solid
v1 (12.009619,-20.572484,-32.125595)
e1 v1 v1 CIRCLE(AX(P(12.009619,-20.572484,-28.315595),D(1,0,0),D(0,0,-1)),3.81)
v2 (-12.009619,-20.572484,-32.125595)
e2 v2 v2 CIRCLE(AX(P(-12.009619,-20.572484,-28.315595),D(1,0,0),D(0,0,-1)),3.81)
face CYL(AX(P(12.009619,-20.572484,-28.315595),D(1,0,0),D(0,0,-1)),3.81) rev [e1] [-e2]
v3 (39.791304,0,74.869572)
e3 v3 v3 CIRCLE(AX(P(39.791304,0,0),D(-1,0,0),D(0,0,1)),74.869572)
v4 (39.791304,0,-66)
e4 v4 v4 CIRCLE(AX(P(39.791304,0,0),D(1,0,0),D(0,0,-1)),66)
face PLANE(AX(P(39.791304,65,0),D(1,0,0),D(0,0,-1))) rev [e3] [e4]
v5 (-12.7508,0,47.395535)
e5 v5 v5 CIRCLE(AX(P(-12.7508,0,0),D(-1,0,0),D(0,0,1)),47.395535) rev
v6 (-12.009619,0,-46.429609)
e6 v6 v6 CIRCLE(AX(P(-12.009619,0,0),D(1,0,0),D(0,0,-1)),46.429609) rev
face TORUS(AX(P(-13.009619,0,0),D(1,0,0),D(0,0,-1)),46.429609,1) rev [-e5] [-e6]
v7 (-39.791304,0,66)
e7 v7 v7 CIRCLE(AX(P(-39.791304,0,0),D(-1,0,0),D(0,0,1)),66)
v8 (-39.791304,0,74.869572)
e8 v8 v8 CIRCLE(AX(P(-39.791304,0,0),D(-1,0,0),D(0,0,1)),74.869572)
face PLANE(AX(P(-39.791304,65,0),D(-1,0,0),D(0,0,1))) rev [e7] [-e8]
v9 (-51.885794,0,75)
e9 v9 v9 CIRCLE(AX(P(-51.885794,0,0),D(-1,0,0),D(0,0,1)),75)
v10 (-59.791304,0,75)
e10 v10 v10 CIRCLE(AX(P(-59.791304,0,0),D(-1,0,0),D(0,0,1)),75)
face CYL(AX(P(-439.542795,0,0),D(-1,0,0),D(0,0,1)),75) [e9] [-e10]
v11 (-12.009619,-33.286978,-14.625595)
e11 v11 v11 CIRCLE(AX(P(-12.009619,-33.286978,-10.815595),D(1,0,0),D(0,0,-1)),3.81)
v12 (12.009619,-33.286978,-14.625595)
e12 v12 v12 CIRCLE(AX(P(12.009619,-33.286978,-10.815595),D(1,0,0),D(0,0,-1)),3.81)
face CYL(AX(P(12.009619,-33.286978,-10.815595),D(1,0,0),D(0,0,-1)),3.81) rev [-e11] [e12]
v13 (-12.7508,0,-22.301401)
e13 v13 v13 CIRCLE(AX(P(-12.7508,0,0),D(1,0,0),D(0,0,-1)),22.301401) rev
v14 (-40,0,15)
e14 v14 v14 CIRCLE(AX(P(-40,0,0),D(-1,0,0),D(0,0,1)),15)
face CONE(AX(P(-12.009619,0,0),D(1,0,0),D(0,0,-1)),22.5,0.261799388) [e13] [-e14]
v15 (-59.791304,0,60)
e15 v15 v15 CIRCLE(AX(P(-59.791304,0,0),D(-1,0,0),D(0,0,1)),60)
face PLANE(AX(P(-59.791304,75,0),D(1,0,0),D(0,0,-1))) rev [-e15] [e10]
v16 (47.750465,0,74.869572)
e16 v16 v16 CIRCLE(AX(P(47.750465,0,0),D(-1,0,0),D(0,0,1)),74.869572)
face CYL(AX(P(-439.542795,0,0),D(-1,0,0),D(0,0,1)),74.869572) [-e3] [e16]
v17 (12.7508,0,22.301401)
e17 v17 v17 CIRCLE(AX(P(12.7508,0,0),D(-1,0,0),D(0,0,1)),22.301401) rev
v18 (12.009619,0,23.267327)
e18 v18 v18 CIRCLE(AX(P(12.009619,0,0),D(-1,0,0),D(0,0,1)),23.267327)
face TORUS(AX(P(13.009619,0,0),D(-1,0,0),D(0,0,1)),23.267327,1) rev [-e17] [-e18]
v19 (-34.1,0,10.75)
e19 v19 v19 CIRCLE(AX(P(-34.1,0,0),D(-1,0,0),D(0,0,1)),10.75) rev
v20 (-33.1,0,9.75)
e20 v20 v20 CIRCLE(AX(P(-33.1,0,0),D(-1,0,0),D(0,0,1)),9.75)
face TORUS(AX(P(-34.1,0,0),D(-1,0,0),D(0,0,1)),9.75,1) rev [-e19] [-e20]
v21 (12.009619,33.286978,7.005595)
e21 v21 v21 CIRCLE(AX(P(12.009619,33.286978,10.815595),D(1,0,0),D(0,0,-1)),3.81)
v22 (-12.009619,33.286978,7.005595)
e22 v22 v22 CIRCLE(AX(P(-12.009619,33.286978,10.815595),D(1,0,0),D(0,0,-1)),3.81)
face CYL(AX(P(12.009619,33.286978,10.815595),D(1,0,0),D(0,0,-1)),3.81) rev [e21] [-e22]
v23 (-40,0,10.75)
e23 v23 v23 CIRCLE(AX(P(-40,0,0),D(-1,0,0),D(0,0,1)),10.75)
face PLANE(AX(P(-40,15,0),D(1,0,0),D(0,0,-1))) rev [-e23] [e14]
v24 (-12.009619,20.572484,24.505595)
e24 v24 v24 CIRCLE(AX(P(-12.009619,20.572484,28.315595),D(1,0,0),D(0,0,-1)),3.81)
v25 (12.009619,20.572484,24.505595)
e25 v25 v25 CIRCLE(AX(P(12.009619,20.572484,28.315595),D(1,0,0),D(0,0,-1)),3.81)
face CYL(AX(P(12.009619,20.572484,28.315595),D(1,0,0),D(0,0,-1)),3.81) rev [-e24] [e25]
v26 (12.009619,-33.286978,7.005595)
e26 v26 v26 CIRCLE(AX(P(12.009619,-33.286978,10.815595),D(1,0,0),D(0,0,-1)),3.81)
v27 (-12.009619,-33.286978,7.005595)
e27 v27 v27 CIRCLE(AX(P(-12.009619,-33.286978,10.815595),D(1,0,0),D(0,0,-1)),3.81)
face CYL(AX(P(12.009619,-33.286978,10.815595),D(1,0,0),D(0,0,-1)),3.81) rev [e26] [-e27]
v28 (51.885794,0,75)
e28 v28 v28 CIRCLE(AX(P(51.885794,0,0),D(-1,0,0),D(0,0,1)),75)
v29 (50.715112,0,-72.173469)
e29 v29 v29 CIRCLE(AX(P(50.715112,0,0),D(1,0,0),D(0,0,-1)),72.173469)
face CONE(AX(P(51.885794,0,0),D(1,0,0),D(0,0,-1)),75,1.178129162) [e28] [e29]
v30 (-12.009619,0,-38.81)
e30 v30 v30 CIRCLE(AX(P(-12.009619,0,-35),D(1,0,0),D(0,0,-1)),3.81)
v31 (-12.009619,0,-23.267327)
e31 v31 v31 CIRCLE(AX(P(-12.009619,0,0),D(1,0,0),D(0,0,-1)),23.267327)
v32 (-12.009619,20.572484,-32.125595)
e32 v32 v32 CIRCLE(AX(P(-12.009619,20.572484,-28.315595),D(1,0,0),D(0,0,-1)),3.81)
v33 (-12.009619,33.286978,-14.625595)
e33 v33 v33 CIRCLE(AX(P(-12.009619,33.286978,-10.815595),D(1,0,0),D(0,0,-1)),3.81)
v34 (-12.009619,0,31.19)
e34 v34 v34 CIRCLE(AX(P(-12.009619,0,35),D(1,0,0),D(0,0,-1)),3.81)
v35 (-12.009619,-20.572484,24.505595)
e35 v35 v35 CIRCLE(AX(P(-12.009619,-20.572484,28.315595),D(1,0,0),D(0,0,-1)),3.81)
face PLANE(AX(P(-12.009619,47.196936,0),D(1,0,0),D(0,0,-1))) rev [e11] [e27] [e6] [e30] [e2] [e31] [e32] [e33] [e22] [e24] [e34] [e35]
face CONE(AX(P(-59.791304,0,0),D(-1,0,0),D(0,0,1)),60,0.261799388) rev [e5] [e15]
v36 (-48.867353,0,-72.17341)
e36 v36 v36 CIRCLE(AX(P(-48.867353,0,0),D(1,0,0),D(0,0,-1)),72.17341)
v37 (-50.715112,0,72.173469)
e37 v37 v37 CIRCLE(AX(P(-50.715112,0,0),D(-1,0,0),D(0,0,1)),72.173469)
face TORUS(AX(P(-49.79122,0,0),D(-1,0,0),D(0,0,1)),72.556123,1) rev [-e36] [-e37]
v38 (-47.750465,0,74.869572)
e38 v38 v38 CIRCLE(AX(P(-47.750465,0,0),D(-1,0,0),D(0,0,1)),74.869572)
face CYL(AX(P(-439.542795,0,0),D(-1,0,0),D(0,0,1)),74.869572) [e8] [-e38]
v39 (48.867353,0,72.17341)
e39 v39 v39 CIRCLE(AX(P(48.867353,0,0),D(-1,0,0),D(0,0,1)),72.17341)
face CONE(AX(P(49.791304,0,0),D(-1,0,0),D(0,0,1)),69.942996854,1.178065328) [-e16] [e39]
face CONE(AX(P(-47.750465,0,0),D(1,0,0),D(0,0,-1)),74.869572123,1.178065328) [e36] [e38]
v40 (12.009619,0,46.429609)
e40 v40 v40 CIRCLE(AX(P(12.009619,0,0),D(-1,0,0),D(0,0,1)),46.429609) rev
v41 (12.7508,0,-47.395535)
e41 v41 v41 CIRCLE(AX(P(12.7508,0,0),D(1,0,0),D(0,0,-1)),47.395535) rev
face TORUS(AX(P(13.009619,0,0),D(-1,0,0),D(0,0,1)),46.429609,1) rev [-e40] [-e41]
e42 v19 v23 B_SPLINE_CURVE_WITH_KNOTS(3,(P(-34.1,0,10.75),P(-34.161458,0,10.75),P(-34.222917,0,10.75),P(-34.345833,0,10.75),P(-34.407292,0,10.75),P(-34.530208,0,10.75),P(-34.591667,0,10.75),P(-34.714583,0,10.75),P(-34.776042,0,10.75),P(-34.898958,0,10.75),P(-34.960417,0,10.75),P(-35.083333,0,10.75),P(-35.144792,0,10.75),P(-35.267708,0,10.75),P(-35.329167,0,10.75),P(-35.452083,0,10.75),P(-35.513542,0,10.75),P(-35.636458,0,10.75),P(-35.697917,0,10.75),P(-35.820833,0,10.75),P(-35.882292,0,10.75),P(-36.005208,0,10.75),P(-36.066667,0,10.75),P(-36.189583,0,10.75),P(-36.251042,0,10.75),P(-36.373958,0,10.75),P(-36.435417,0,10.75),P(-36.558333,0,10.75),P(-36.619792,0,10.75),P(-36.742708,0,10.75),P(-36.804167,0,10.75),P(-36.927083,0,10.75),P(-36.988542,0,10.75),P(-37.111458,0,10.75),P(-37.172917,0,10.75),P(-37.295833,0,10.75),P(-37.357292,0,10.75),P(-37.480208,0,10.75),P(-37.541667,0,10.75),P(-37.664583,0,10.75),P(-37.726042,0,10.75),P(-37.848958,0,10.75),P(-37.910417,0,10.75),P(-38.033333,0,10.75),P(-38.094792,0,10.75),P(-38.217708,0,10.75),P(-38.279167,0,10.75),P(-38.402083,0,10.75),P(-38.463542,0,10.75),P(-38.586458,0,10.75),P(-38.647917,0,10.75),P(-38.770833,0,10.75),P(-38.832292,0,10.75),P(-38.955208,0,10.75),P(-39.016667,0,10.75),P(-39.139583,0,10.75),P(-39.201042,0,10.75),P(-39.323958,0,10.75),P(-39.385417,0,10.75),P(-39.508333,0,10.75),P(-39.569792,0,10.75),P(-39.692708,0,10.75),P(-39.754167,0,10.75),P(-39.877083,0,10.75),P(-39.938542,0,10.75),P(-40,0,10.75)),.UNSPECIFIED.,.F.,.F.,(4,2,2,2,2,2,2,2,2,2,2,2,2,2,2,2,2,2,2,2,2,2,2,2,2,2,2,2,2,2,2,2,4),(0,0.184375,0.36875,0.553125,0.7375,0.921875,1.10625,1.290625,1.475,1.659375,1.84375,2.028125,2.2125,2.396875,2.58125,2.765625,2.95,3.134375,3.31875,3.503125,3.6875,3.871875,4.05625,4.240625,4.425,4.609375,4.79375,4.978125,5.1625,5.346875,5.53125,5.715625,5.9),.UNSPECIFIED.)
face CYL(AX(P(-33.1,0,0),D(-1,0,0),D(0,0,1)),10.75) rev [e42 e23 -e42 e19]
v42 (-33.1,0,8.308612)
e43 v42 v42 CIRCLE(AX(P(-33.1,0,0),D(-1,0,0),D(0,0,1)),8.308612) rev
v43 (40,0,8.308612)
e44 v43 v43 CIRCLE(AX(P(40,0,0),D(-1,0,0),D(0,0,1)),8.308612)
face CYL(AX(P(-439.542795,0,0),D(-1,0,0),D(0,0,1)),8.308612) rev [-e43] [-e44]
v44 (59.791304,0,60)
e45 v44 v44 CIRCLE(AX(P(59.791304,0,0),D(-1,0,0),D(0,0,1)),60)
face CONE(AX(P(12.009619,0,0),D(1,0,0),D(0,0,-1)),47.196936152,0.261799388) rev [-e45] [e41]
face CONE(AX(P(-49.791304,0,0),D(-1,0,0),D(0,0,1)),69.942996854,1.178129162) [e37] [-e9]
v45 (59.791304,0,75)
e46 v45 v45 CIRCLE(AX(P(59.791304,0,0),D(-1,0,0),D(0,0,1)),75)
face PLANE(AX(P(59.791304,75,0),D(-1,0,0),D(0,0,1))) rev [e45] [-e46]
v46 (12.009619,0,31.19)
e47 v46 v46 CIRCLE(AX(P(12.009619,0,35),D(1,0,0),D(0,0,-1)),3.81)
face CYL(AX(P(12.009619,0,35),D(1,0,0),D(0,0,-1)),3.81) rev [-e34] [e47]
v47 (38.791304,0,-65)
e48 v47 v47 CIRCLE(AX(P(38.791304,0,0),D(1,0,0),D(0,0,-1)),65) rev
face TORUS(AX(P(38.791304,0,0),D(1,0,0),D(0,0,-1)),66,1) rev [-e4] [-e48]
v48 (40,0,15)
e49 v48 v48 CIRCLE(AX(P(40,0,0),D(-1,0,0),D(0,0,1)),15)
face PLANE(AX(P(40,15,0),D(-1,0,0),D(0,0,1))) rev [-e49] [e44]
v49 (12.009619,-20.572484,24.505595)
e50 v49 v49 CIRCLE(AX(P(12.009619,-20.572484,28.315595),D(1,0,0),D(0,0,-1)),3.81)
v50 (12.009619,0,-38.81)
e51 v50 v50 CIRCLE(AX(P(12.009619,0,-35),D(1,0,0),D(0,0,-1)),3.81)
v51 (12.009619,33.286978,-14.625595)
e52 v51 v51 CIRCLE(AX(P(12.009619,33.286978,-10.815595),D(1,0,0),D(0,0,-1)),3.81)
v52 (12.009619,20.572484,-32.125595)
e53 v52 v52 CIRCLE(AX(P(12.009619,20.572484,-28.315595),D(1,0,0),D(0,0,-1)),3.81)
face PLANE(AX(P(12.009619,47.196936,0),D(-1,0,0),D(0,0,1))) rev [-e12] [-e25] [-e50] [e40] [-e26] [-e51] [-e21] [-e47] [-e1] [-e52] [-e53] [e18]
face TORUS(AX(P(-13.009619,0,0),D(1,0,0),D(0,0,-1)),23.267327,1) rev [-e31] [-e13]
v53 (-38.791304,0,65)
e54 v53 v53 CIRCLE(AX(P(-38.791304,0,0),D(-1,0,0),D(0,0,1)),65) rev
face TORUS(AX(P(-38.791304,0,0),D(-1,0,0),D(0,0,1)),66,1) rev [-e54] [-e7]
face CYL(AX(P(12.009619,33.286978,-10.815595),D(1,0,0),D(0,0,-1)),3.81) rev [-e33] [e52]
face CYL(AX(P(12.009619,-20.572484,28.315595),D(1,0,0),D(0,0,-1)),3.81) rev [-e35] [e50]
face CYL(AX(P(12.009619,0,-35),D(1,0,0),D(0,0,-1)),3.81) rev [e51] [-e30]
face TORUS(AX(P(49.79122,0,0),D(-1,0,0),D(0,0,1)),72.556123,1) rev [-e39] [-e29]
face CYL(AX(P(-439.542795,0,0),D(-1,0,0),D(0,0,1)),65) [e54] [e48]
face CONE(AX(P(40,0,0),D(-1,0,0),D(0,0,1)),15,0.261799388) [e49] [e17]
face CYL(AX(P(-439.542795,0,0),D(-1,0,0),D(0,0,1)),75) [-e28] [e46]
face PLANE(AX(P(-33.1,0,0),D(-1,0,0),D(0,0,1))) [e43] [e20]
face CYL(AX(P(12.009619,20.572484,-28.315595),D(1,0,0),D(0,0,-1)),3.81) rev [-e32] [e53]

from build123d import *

# Parameters (mm, degrees)
F_3_8_0_3_DIAMETER_HOLE1_D = 7.62
CIRPATTERN1_COUNT          = 10
SKETCH4_R                  = 10.75
CUT_EXTRUDE1_DEPTH         = 6.9
FILLET1_R                  = 1
FILLET2_R                  = 1
FILLET3_R                  = 1


with BuildPart() as part:
    # Sketch1 → Revolve1 (revolve)
    with BuildSketch(Plane.XY, mode=Mode.PRIVATE) as revolve1_sk:
        Polygon((-12, 65), (12, 65), (39.791303716, 65), (39.791303716, 74.869572123), (47.7504652, 74.869572123), (49.791303716, 69.942996854), (51.885793908, 75), (59.791303716, 75), (59.791303716, 60), (12.009618943, 47.196936152), (12.009618943, 22.5), (40, 15), (40, 8.308612067), (-40, 8.308612067), (-40, 15), (-12.009618943, 22.5), (-12.009618943, 47.196936152), (-59.791303716, 60), (-59.791303716, 75), (-51.885793908, 75), (-49.791303716, 69.942996854), (-47.7504652, 74.869572123), (-39.791303716, 74.869572123), (-39.791303716, 65), align=None)
    revolve(revolve1_sk.sketch.rotate(Axis((-439.542794811, 0, 0), (1, 0, 0)), 90), axis=Axis((-439.542794811, 0, 0), (1, 0, 0)))

    # 3/8 (0.3) Diameter Hole1 (through all)
    with Locations(Plane(origin=(12.009618943, 0, 0), x_dir=(0, 0, -1), z_dir=(1, 0, 0))):
        with Locations((35, 0)):
            f_3_8_0_3_diameter_hole1 = Hole(F_3_8_0_3_DIAMETER_HOLE1_D / 2)

    # CirPattern1: 3/8 (0.3) Diameter Hole1 ×10 about axis
    cirpattern1_axis = Axis((0, 0, 0), (1, 0, 0))
    for i in range(1, CIRPATTERN1_COUNT):
        add(f_3_8_0_3_diameter_hole1.rotate(cirpattern1_axis, i * 360 / CIRPATTERN1_COUNT), mode=Mode.SUBTRACT)

    # Sketch4 → Cut-Extrude1 (cut)
    with BuildSketch(Plane.ZY.offset(40)):
        Circle(SKETCH4_R)
    extrude(amount=-CUT_EXTRUDE1_DEPTH, mode=Mode.SUBTRACT)

    # Fillet1
    fillet1_edges = [part.edges().sort_by_distance(p)[0] for p in [
        (-33.1, 0, -10.75),
        (-12.009618943, 0, -22.5),
        (-12.009618943, 0, -47.196936152),
    ]]
    fillet(fillet1_edges, radius=FILLET1_R)

    # Fillet2
    fillet2_edges = [part.edges().sort_by_distance(p)[0] for p in [
        (39.791303716, 0, -65),
        (49.791303716, 0, -69.942996854),
        (-49.791303716, 0, -69.942996854),
        (-39.791303716, 0, -65),
    ]]
    fillet(fillet2_edges, radius=FILLET2_R)

    # Fillet3
    fillet3_edges = [part.edges().sort_by_distance(p)[0] for p in [
        (12.009618943, 0, -47.196936152),
        (12.009618943, 0, -22.5),
    ]]
    fillet(fillet3_edges, radius=FILLET3_R)


solid = part.part
